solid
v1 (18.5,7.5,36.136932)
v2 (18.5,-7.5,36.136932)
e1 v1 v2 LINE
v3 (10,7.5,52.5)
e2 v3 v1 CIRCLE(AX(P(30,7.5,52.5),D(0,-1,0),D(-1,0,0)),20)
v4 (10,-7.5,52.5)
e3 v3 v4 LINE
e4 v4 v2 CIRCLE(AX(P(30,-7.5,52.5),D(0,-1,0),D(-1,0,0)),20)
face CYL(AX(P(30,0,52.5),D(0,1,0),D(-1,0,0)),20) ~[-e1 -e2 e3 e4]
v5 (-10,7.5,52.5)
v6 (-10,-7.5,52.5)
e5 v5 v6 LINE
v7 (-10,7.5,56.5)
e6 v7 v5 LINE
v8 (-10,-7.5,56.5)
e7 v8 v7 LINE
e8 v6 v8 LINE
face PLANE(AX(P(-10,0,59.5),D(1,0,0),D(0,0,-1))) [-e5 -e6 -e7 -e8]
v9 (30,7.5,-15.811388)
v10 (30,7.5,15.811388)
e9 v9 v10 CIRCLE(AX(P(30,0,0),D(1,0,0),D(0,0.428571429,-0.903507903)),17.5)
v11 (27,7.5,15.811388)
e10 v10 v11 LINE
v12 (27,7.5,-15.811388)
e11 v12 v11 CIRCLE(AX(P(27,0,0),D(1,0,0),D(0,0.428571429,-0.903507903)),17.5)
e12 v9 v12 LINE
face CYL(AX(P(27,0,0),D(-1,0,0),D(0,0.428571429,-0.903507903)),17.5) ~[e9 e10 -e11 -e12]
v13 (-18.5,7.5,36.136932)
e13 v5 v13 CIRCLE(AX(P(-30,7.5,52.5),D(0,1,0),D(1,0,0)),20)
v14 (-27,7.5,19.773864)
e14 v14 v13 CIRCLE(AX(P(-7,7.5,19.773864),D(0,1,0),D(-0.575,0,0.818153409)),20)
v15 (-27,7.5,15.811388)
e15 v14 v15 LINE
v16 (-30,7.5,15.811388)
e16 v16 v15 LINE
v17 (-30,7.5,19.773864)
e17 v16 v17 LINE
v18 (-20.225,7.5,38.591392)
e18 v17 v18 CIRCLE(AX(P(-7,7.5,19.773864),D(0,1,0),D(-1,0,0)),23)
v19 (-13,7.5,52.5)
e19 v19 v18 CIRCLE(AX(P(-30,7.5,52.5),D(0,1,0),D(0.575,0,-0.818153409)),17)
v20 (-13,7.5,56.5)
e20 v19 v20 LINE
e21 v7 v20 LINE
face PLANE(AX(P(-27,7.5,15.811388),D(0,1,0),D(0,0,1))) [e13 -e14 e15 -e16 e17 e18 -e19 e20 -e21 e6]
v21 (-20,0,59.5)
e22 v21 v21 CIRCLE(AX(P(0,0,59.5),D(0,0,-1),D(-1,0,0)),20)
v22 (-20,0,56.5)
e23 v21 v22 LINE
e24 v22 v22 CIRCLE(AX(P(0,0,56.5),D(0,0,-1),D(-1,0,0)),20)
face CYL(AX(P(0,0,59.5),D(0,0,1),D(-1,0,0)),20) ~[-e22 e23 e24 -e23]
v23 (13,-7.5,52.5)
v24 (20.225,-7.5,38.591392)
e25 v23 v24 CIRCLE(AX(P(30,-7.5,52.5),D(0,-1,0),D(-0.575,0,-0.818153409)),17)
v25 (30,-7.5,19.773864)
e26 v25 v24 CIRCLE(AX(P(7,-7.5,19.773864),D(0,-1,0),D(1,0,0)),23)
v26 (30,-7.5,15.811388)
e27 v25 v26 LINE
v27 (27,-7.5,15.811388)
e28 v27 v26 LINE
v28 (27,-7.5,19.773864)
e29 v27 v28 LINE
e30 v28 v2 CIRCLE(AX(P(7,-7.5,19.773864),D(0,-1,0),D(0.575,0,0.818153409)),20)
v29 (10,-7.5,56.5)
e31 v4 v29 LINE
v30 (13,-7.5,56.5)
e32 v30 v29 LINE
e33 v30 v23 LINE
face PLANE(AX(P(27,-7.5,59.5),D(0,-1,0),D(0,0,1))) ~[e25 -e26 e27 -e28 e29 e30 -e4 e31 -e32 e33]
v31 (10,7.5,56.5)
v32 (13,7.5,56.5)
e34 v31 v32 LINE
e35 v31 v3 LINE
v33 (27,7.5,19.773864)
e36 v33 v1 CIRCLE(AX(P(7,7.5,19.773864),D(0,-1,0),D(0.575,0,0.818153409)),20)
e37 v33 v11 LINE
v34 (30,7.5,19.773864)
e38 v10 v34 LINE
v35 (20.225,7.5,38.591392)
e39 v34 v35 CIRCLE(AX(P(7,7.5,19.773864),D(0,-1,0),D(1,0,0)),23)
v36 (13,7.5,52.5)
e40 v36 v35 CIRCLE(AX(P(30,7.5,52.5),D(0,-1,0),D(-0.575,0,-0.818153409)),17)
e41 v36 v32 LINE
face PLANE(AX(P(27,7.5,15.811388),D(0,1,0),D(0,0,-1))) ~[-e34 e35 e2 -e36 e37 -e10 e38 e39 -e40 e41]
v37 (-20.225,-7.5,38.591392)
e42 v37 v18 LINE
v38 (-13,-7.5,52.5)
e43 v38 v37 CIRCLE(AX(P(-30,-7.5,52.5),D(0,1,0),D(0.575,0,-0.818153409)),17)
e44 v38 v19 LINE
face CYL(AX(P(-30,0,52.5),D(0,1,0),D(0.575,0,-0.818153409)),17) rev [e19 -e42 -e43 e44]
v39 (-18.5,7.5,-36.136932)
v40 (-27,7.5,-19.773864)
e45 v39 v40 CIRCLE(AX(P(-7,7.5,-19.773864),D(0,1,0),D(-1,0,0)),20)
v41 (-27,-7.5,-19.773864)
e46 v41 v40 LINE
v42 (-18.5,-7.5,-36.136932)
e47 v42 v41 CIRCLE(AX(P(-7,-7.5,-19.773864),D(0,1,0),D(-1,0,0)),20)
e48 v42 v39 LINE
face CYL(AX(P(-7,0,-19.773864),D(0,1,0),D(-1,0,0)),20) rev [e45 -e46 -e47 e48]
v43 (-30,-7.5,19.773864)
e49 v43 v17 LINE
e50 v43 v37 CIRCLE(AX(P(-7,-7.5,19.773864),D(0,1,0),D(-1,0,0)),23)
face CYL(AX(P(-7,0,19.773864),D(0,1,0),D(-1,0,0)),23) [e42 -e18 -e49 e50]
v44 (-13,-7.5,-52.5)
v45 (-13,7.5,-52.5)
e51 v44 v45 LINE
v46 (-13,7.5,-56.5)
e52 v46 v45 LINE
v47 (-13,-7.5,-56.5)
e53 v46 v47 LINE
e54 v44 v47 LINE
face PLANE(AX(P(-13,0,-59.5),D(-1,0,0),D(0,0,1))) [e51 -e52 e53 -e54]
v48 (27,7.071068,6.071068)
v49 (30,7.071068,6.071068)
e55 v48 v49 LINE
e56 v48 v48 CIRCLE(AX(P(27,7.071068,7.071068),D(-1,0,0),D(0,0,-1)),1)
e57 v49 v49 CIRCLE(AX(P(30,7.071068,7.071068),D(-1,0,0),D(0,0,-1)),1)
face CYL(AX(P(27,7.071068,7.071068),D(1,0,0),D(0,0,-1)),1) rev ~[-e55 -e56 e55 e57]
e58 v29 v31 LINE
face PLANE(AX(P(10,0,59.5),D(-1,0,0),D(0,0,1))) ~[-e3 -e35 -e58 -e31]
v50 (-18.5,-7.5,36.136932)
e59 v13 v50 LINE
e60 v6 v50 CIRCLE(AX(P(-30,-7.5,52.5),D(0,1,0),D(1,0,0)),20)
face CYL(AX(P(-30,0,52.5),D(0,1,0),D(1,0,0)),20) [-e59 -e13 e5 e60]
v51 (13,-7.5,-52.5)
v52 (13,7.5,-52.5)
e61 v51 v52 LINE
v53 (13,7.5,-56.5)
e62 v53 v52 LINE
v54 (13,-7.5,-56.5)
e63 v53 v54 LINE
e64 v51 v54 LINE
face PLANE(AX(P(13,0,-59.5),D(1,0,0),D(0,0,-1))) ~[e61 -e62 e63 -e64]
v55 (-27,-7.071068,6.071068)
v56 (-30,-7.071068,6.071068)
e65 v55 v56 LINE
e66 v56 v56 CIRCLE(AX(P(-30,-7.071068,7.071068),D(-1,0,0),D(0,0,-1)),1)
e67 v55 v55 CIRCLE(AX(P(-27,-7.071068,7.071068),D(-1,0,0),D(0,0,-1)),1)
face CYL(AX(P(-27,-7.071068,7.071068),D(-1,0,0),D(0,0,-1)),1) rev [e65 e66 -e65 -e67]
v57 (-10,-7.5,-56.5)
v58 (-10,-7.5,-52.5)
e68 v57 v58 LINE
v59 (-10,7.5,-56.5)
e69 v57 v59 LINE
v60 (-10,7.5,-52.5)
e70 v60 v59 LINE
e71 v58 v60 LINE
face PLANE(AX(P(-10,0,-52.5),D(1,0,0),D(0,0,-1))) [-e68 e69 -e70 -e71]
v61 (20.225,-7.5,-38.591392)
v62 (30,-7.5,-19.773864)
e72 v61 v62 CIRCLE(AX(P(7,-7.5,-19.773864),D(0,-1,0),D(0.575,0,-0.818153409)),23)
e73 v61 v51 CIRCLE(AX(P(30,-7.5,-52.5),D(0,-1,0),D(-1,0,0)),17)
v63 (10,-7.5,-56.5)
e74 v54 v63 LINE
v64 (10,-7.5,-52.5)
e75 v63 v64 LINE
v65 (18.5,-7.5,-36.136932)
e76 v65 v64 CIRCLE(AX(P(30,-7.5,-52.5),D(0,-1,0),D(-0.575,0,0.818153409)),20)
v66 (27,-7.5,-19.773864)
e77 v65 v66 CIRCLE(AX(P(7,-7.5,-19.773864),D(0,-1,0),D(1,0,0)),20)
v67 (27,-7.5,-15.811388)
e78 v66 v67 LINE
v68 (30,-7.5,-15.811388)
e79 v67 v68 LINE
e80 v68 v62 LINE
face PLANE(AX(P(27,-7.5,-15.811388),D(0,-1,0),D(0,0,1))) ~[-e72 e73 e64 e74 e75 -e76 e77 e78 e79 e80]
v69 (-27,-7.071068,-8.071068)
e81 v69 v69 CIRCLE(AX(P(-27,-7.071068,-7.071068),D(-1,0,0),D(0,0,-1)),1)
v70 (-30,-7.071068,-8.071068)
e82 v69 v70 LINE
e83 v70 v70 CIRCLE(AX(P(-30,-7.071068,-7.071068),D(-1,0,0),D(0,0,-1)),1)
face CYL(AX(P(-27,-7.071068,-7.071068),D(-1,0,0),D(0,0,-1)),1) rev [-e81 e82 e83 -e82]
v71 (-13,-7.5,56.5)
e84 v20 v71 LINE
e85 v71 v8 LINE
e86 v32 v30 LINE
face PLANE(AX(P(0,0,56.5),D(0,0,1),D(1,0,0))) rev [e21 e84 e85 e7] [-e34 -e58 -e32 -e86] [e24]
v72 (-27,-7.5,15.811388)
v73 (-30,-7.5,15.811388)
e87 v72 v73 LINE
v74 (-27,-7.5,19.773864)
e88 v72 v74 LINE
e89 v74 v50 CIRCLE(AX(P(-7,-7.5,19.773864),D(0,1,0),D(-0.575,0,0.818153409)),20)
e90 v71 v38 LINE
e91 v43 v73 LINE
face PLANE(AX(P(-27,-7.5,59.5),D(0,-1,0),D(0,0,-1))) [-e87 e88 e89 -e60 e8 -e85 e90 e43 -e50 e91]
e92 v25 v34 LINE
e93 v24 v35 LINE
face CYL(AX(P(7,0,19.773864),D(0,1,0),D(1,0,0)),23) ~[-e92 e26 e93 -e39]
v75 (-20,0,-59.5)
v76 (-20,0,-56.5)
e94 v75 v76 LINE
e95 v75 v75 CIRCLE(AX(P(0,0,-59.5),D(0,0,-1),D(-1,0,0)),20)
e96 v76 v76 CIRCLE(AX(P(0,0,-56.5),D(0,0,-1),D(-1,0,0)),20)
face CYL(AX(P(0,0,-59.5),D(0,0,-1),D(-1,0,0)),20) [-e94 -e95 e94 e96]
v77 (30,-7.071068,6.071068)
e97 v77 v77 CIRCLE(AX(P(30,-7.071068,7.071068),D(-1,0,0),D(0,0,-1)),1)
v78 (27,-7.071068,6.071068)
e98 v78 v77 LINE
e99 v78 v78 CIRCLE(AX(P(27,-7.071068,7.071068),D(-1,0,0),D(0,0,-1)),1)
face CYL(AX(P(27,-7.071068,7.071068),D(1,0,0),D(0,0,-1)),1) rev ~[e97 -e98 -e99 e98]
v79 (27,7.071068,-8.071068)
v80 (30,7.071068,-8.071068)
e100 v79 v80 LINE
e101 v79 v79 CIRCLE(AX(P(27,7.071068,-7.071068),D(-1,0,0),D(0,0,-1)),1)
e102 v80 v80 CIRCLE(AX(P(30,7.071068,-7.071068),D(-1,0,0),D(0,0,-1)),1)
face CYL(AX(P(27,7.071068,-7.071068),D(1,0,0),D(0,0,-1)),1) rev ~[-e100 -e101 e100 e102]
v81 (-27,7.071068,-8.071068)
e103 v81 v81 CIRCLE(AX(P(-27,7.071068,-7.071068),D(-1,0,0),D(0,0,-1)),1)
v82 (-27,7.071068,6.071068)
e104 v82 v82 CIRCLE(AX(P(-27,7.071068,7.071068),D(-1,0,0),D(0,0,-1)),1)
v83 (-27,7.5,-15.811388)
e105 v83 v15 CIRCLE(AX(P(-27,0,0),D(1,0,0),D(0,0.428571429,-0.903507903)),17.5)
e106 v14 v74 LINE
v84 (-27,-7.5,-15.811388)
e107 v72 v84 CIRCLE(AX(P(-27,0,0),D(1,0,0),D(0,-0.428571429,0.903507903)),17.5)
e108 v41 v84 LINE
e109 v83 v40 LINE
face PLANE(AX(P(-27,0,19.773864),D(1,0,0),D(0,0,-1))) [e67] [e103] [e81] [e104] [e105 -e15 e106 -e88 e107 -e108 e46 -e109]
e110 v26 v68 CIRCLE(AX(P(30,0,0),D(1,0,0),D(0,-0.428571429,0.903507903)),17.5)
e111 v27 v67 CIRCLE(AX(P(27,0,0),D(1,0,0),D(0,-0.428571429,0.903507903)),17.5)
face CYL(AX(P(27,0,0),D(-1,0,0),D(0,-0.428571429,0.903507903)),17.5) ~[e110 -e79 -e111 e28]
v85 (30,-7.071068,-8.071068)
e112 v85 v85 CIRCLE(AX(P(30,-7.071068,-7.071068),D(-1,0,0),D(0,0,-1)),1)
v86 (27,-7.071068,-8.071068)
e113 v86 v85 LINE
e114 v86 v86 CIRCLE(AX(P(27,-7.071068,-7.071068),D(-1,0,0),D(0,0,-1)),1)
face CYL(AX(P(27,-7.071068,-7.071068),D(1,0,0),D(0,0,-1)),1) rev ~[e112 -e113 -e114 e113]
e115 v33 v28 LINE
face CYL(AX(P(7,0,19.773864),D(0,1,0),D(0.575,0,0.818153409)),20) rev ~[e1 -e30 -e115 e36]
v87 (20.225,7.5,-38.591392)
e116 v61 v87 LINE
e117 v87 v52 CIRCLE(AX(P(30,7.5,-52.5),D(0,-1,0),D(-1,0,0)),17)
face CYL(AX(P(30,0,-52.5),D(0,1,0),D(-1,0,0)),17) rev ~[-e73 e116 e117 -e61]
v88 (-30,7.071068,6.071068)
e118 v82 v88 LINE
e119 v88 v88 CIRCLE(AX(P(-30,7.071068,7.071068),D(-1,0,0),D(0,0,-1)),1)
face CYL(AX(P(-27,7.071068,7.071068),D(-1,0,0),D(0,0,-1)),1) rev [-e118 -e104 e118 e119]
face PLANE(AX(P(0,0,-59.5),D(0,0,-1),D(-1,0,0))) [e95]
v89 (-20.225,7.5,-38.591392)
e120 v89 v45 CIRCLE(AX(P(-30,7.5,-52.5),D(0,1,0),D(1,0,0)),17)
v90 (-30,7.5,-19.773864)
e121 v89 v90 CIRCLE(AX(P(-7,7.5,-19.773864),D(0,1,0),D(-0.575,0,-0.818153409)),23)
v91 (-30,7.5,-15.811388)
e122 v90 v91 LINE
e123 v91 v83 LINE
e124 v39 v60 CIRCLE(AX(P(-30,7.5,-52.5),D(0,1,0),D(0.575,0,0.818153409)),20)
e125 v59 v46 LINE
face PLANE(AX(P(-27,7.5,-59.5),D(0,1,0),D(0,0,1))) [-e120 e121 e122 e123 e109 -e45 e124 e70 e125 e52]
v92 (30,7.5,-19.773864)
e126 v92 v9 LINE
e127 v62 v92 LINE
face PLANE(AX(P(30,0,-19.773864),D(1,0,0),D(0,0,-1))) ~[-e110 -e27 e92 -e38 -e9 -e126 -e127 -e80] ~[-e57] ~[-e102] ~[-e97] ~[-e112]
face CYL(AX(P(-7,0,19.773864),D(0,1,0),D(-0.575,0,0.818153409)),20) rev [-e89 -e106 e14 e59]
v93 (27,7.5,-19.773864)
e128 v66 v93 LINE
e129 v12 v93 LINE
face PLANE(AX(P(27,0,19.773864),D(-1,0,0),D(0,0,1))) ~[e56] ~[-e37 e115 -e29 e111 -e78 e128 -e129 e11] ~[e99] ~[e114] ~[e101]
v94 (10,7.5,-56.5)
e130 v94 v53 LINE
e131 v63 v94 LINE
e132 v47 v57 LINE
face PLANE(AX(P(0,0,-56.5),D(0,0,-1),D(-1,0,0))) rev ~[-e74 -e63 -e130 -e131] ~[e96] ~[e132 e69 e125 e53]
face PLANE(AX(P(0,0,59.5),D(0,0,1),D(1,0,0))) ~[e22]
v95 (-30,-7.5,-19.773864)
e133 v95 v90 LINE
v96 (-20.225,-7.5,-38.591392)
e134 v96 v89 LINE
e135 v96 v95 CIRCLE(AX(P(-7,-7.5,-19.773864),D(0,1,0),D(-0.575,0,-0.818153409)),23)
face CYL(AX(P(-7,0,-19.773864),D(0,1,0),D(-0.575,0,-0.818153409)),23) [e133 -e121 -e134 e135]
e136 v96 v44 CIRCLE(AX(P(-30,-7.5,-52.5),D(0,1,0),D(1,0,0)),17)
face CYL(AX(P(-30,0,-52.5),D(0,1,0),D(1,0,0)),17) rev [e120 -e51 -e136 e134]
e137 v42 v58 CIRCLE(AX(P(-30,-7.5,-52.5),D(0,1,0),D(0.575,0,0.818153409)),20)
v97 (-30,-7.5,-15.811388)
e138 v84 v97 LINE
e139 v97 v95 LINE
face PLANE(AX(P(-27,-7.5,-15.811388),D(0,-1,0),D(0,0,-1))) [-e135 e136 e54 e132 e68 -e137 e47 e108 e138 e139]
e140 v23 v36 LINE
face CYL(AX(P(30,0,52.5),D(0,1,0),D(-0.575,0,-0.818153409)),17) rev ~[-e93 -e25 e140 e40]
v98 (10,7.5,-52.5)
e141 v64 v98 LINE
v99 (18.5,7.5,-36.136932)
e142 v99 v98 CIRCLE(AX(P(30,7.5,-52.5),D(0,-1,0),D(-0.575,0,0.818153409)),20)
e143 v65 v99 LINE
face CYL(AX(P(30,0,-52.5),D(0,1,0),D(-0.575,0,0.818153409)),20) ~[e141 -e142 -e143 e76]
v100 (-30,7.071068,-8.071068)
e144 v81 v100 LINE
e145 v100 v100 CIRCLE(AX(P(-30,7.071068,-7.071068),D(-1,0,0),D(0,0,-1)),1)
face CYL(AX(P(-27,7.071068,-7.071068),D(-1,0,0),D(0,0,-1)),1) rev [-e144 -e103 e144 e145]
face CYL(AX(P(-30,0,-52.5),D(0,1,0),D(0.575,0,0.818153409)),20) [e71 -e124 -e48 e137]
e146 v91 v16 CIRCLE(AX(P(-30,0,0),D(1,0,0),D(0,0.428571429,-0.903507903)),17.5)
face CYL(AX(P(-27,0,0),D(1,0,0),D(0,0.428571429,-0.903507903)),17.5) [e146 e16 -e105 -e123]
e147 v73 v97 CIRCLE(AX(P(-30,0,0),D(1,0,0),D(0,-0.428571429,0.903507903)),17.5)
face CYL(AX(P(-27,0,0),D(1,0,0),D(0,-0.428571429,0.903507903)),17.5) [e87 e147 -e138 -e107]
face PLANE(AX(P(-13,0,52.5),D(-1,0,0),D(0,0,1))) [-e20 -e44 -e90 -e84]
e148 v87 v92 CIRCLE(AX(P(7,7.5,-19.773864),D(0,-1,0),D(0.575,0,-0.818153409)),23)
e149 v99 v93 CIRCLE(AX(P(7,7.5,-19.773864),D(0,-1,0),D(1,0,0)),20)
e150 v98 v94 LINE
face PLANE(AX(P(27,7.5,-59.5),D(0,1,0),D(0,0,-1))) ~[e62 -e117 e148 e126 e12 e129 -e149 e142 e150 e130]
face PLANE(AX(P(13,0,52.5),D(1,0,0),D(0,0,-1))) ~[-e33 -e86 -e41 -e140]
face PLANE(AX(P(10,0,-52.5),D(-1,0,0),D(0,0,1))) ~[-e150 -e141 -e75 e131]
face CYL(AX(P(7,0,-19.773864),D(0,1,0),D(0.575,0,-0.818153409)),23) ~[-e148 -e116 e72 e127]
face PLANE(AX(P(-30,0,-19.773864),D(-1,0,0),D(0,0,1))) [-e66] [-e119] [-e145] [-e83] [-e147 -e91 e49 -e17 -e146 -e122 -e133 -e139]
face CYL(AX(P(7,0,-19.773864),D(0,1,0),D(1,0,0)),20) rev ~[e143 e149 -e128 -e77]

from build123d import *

# Parameters (mm, degrees)
BOSS_EXTRUDE1_DEPTH = 25
SKETCH2_R           = 1
BOSS_EXTRUDE2_DEPTH = 25
SKETCH3_R           = 20
BOSS_EXTRUDE3_DEPTH = 3


with BuildPart() as part:
    # Sketch1 → Boss-Extrude1 (new, symmetric)
    with BuildSketch(Plane(origin=(0, 0, 0), x_dir=(1, 0, 0), z_dir=(0, 1, 0))):
        with BuildLine():
            Line((-27, -19.773863656), (-27, 19.773863656))
            ThreePointArc((-27, 19.773863656), (-24.748239349, 28.993408113), (-18.5, 36.136931828))
            ThreePointArc((-18.5, 36.136931828), (-12.251760651, 43.280455543), (-10, 52.5))
            Line((-10, 52.5), (-10, 59.5))
            Line((-10, 59.5), (-13, 59.5))
            Line((-13, 59.5), (-13, 52.5))
            ThreePointArc((-13, 52.5), (-14.913996553, 44.663387211), (-20.225, 38.591392054))
            ThreePointArc((-20.225, 38.591392054), (-27.410475252, 30.376339782), (-30, 19.773863656))
            Line((-30, 19.773863656), (-30, -19.773863656))
            ThreePointArc((-30, -19.773863656), (-27.410475252, -30.376339782), (-20.225, -38.591392054))
            ThreePointArc((-20.225, -38.591392054), (-14.913996553, -44.663387211), (-13, -52.5))
            Line((-13, -52.5), (-13, -59.5))
            Line((-13, -59.5), (-10, -59.5))
            Line((-10, -59.5), (-10, -52.5))
            ThreePointArc((-10, -52.5), (-12.251760651, -43.280455543), (-18.5, -36.136931828))
            ThreePointArc((-18.5, -36.136931828), (-24.748239349, -28.993408113), (-27, -19.773863656))
        make_face()
    extrude(amount=BOSS_EXTRUDE1_DEPTH, both=True)


with BuildPart() as body_2:
    # Sketch2 → Boss-Extrude2 (new, symmetric)
    with BuildSketch(Plane(origin=(-27, 0, 0), x_dir=(0, 0, -1), z_dir=(1, 0, 0))):
        with BuildLine():
            Line((15.811388301, -7.5), (59.5, -7.5))
            Line((59.5, -7.5), (59.5, 7.5))
            Line((59.5, 7.5), (15.811388301, 7.5))
            ThreePointArc((15.811388301, 7.5), (0, 17.5), (-15.811388301, 7.5))
            Line((-15.811388301, 7.5), (-59.5, 7.5))
            Line((-59.5, 7.5), (-59.5, -7.5))
            Line((-59.5, -7.5), (-15.811388301, -7.5))
            ThreePointArc((-15.811388301, -7.5), (0, -17.5), (15.811388301, -7.5))
        make_face()
        with Locations((7.071067812, -7.071067812)):
            Circle(SKETCH2_R, mode=Mode.SUBTRACT)
        with Locations((-7.071067812, -7.071067812)):
            Circle(SKETCH2_R, mode=Mode.SUBTRACT)
        with Locations((-7.071067812, 7.071067812)):
            Circle(SKETCH2_R, mode=Mode.SUBTRACT)
        with Locations((7.071067812, 7.071067812)):
            Circle(SKETCH2_R, mode=Mode.SUBTRACT)
    extrude(amount=BOSS_EXTRUDE2_DEPTH, both=True)

    # Combine1: intersect part
    add(part.part, mode=Mode.INTERSECT)


with BuildPart() as body_2_2:
    # Mirror3: mirrored copy
    add(body_2.part.mirror(Plane(origin=(0, 0, 0), x_dir=(0, 0, 1), z_dir=(1, 0, 0))))


with BuildPart() as body_2_1:
    add(body_2.part)

    add(body_2_2.part)  # Boss-Extrude3 merges body 2 2
    # Sketch3 → Boss-Extrude3 (add)
    with BuildSketch(Plane(origin=(0, 0, -59.5), x_dir=(-1, 0, 0), z_dir=(0, 0, -1))):
        Circle(SKETCH3_R)
    boss_extrude3 = extrude(amount=-BOSS_EXTRUDE3_DEPTH)

    # Mirror4: Boss-Extrude3 across plane
    add(boss_extrude3.mirror(Plane.XY))


solid = body_2_1.part
